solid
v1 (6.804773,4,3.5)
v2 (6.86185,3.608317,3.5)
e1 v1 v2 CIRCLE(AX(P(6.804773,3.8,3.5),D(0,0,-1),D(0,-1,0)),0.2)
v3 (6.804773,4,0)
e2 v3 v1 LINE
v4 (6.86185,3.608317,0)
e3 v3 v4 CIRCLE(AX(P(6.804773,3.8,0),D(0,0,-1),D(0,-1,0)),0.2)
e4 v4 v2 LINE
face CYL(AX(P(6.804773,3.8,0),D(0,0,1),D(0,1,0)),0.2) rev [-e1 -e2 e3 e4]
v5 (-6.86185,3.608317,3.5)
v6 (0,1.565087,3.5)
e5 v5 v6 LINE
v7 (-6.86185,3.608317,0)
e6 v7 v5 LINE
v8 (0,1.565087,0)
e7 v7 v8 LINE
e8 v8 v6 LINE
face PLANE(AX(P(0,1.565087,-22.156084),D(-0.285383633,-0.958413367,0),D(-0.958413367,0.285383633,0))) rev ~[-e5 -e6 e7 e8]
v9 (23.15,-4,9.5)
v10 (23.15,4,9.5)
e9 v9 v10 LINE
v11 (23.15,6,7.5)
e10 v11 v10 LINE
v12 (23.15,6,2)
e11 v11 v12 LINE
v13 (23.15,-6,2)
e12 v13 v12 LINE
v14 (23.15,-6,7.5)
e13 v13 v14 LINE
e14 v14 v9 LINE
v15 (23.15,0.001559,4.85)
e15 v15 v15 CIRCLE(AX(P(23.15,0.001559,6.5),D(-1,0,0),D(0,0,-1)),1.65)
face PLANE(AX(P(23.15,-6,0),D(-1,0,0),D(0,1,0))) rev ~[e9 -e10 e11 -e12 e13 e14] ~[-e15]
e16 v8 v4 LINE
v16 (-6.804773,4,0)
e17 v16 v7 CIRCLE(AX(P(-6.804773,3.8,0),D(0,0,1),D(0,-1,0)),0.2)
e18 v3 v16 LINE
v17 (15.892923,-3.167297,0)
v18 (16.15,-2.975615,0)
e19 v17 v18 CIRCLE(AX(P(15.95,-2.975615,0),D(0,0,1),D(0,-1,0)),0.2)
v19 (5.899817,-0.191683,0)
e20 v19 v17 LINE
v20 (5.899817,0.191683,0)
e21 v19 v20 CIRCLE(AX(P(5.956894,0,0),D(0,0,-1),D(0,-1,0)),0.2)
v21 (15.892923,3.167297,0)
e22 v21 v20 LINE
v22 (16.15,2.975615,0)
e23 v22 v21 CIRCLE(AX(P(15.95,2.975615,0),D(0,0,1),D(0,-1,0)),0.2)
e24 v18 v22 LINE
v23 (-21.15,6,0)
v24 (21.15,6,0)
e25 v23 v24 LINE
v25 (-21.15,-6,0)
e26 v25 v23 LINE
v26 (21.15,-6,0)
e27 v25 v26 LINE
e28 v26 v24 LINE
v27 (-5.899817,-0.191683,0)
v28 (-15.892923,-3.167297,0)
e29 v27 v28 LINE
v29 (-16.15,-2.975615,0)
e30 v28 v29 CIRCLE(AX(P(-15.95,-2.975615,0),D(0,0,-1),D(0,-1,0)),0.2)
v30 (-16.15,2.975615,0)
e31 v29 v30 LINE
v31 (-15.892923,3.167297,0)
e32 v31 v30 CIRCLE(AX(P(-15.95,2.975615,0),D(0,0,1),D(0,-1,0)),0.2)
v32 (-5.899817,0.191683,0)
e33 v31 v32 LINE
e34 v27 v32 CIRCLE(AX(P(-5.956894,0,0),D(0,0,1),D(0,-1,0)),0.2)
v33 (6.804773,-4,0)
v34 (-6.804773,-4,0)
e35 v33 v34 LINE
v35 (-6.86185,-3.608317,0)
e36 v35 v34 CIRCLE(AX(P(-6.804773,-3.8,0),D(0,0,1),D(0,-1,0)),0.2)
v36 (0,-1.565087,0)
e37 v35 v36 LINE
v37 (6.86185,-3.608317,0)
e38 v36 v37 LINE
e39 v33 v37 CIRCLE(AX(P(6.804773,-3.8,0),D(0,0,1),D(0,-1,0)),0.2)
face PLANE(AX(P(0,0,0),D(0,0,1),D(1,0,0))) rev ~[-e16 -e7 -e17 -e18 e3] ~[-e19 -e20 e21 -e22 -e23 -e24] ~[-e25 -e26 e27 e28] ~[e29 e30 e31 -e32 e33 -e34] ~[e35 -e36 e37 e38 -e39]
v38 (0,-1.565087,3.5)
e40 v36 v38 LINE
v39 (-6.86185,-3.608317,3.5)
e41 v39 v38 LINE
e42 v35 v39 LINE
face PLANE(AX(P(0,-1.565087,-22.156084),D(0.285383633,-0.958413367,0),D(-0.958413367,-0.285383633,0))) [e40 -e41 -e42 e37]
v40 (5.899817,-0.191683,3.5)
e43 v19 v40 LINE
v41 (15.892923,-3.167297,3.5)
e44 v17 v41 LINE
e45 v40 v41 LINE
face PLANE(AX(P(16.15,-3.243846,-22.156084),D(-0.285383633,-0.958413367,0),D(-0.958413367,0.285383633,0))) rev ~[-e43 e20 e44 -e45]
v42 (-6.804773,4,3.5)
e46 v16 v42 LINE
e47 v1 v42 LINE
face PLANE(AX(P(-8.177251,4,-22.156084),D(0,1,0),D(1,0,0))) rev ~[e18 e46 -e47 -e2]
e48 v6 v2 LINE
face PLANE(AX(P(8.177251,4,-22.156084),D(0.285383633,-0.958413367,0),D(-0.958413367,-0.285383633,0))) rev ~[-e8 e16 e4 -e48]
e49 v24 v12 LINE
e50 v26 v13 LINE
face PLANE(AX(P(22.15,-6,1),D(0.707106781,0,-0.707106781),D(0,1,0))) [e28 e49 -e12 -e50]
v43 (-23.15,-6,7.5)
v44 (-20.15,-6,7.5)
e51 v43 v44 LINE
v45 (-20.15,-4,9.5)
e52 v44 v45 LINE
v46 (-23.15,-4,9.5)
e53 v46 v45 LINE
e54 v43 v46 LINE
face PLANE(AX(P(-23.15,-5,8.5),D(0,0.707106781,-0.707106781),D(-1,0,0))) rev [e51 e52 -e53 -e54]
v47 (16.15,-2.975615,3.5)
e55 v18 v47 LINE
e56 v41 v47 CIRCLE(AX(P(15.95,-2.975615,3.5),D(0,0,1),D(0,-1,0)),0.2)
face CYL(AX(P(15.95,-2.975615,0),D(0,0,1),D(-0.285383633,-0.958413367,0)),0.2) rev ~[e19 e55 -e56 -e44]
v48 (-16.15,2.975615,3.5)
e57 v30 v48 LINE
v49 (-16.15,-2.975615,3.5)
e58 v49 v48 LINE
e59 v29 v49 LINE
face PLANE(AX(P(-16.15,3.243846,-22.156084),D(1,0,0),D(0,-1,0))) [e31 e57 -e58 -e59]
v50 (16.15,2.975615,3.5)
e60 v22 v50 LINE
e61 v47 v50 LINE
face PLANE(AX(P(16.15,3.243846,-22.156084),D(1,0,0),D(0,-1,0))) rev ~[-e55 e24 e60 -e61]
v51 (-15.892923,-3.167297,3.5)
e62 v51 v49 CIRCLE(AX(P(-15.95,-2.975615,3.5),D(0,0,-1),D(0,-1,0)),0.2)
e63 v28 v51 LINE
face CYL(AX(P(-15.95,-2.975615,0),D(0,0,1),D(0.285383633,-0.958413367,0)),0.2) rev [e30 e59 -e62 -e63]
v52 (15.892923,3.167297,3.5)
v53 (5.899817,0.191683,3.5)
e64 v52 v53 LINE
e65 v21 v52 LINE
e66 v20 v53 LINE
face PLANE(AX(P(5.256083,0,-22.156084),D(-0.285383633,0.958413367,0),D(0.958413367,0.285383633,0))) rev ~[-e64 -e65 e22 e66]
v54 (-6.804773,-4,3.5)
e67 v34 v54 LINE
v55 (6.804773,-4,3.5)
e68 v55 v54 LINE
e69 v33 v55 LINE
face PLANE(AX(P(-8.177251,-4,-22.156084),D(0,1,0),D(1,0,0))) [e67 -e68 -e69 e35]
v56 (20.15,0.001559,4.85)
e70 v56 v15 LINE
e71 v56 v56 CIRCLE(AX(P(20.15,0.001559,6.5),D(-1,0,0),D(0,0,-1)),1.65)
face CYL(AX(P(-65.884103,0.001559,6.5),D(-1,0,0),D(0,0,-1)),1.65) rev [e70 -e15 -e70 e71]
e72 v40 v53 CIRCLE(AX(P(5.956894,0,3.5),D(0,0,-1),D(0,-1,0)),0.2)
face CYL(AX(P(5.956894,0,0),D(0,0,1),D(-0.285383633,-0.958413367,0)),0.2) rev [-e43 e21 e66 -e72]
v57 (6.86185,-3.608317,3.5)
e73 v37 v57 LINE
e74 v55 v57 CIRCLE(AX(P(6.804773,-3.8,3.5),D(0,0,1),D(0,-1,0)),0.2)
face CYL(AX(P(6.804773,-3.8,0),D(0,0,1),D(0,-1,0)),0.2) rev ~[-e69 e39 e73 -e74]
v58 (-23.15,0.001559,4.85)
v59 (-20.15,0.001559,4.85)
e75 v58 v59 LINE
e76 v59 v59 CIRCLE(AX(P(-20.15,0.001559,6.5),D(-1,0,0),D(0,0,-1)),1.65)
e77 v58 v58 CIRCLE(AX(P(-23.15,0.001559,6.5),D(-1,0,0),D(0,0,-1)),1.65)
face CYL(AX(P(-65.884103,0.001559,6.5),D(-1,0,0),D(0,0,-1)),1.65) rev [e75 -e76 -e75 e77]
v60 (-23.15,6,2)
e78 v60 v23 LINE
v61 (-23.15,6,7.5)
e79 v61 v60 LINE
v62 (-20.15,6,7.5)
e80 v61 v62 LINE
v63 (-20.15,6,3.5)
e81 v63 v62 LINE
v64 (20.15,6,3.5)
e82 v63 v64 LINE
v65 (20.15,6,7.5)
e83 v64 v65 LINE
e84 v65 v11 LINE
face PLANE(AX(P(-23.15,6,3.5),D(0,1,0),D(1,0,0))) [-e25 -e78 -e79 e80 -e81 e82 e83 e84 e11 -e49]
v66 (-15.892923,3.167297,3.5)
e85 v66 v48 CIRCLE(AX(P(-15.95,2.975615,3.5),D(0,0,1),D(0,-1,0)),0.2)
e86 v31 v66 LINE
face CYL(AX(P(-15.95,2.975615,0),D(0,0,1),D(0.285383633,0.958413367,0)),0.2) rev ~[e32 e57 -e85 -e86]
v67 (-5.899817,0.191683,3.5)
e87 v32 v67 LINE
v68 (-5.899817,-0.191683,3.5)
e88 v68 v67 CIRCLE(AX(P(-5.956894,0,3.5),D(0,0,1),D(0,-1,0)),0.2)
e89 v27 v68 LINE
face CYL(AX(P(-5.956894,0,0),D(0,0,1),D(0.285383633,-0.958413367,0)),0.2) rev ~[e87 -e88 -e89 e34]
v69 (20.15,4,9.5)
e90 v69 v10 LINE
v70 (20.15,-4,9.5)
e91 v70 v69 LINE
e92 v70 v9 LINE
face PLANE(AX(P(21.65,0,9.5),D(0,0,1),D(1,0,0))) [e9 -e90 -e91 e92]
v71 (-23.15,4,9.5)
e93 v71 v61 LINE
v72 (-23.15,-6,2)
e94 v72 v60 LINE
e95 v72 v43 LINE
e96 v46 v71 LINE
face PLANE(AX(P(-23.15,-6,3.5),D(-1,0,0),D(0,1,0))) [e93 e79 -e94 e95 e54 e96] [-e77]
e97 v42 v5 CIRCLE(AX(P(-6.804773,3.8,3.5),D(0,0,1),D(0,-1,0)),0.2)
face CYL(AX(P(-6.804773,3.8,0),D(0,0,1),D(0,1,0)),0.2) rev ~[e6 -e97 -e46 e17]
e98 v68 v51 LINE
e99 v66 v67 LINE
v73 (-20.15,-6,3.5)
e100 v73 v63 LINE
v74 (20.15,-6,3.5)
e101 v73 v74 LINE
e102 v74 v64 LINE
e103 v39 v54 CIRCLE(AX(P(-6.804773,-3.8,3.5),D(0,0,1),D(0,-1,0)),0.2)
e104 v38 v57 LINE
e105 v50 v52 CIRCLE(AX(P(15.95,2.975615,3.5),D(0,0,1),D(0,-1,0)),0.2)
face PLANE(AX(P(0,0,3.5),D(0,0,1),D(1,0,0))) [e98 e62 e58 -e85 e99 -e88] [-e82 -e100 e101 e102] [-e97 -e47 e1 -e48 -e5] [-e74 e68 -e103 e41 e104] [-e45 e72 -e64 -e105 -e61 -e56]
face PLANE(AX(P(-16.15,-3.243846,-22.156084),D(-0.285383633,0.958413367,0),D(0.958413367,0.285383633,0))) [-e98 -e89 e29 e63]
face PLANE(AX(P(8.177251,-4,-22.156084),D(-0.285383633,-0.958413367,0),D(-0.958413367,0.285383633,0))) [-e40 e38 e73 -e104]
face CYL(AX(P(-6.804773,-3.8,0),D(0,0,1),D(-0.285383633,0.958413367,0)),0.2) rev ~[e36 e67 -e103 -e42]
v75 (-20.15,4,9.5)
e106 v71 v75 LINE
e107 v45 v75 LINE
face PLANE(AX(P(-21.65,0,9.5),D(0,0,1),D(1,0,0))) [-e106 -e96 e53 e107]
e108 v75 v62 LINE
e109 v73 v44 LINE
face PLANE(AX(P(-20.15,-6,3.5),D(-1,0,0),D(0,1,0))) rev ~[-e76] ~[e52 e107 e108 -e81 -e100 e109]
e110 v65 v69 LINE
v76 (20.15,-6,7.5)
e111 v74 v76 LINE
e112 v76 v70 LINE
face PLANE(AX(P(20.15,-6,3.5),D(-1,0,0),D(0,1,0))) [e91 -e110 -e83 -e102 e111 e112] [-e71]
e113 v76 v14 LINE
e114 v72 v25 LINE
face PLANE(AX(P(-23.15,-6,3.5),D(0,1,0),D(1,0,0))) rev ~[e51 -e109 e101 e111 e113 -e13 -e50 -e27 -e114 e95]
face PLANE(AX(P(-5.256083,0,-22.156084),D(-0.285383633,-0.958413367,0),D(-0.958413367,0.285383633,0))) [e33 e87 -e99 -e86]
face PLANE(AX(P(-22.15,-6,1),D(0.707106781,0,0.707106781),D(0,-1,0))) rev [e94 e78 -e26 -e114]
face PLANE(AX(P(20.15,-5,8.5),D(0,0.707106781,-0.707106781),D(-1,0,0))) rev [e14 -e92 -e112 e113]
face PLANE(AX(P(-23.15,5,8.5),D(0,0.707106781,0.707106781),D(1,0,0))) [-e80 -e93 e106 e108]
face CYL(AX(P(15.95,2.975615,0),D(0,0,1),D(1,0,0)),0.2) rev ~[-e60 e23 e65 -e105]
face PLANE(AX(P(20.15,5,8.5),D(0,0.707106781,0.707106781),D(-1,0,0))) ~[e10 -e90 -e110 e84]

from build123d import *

# Parameters (mm, degrees)
SKETCH_1_W               = 46.3
SKETCH_1_H               = 12
EXTRUDE_1_DEPTH          = 3.5
SKETCH_2_W               = 3
SKETCH_2_H               = 12
EXTRUDE_2_DEPTH          = 6
CUT_EXTRUDE_1_DEPTH      = 45.734103322
CUT_EXTRUDE_1_DEPTH_BACK = 45.734103322
SKETCH_3_R               = 1.65
CHAMFER_1_SIZE           = 2
CHAMFER_2_SIZE           = 2
CUT_EXTRUDE_2_DEPTH      = 25.656084442
CUT_EXTRUDE_2_DEPTH_BACK = 25.656084442
FILLET_1_R               = 0.2


with BuildPart() as part:
    # 草图1 → 凸台-拉伸1 (new body)
    with BuildSketch(Plane.XY):
        Rectangle(SKETCH_1_W, SKETCH_1_H)
    extrude(amount=EXTRUDE_1_DEPTH)

    # 草图2 → 凸台-拉伸2 (add)
    with BuildSketch(Plane.XY.offset(3.5)):
        with Locations((-21.65, 0)):
            Rectangle(SKETCH_2_W, SKETCH_2_H)
        with Locations((21.65, 0)):
            Rectangle(SKETCH_2_W, SKETCH_2_H)
    extrude(amount=EXTRUDE_2_DEPTH)

    # 草图3 → 切除-拉伸1 (cut, two sides: drawn at the far end of the back side and taken through both)
    with BuildSketch(Plane(origin=(-20.15, 0, 0), x_dir=(0, 0, -1), z_dir=(1, 0, 0)).offset(-CUT_EXTRUDE_1_DEPTH_BACK)):
        with Locations((-6.5, 0.001559283)):
            Circle(SKETCH_3_R)
    extrude(amount=CUT_EXTRUDE_1_DEPTH + CUT_EXTRUDE_1_DEPTH_BACK, mode=Mode.SUBTRACT)

    # 倒角1
    chamfer_1_edges = [part.edges().sort_by_distance(p)[0] for p in [
        (-23.15, 0, 0),
        (23.15, 0, 0),
    ]]
    chamfer(chamfer_1_edges, length=CHAMFER_1_SIZE)

    # 倒角2
    chamfer_2_edges = [part.edges().sort_by_distance(p)[0] for p in [
        (-21.65, -6, 9.5),
        (-21.65, 6, 9.5),
        (21.65, 6, 9.5),
        (21.65, -6, 9.5),
    ]]
    chamfer(chamfer_2_edges, length=CHAMFER_2_SIZE)

    # 草图4 → 切除-拉伸2 (cut, two sides: drawn at the far end of the back side and taken through both)
    with BuildSketch(Plane.XY.offset(3.5).offset(-CUT_EXTRUDE_2_DEPTH_BACK)):
        Polygon((-8.177250548, 4), (8.177250548, 4), (0, 1.565086686), align=None)
        Polygon((-16.15, 3.243846317), (-16.15, -3.243846317), (-5.256082786, 0), align=None)
        Polygon((8.177250548, -4), (0, -1.565086686), (-8.177250548, -4), align=None)
        Polygon((16.15, -3.243846317), (5.256082786, 0), (16.15, 3.243846317), align=None)
    extrude(amount=CUT_EXTRUDE_2_DEPTH + CUT_EXTRUDE_2_DEPTH_BACK, mode=Mode.SUBTRACT)

    # 圆角1
    fillet_1_edges = [part.edges().sort_by_distance(p)[0] for p in [
        (-8.177250548, 4, 1.75),
        (8.177250548, 4, 1.75),
        (8.177250548, -4, 1.75),
        (-8.177250548, -4, 1.75),
        (16.15, 3.243846317, 1.75),
        (16.15, -3.243846317, 1.75),
        (5.256082786, 0, 1.75),
        (-16.15, 3.243846317, 1.75),
        (-5.256082786, 0, 1.75),
        (-16.15, -3.243846317, 1.75),
    ]]
    fillet(fillet_1_edges, radius=FILLET_1_R)


solid = part.part
